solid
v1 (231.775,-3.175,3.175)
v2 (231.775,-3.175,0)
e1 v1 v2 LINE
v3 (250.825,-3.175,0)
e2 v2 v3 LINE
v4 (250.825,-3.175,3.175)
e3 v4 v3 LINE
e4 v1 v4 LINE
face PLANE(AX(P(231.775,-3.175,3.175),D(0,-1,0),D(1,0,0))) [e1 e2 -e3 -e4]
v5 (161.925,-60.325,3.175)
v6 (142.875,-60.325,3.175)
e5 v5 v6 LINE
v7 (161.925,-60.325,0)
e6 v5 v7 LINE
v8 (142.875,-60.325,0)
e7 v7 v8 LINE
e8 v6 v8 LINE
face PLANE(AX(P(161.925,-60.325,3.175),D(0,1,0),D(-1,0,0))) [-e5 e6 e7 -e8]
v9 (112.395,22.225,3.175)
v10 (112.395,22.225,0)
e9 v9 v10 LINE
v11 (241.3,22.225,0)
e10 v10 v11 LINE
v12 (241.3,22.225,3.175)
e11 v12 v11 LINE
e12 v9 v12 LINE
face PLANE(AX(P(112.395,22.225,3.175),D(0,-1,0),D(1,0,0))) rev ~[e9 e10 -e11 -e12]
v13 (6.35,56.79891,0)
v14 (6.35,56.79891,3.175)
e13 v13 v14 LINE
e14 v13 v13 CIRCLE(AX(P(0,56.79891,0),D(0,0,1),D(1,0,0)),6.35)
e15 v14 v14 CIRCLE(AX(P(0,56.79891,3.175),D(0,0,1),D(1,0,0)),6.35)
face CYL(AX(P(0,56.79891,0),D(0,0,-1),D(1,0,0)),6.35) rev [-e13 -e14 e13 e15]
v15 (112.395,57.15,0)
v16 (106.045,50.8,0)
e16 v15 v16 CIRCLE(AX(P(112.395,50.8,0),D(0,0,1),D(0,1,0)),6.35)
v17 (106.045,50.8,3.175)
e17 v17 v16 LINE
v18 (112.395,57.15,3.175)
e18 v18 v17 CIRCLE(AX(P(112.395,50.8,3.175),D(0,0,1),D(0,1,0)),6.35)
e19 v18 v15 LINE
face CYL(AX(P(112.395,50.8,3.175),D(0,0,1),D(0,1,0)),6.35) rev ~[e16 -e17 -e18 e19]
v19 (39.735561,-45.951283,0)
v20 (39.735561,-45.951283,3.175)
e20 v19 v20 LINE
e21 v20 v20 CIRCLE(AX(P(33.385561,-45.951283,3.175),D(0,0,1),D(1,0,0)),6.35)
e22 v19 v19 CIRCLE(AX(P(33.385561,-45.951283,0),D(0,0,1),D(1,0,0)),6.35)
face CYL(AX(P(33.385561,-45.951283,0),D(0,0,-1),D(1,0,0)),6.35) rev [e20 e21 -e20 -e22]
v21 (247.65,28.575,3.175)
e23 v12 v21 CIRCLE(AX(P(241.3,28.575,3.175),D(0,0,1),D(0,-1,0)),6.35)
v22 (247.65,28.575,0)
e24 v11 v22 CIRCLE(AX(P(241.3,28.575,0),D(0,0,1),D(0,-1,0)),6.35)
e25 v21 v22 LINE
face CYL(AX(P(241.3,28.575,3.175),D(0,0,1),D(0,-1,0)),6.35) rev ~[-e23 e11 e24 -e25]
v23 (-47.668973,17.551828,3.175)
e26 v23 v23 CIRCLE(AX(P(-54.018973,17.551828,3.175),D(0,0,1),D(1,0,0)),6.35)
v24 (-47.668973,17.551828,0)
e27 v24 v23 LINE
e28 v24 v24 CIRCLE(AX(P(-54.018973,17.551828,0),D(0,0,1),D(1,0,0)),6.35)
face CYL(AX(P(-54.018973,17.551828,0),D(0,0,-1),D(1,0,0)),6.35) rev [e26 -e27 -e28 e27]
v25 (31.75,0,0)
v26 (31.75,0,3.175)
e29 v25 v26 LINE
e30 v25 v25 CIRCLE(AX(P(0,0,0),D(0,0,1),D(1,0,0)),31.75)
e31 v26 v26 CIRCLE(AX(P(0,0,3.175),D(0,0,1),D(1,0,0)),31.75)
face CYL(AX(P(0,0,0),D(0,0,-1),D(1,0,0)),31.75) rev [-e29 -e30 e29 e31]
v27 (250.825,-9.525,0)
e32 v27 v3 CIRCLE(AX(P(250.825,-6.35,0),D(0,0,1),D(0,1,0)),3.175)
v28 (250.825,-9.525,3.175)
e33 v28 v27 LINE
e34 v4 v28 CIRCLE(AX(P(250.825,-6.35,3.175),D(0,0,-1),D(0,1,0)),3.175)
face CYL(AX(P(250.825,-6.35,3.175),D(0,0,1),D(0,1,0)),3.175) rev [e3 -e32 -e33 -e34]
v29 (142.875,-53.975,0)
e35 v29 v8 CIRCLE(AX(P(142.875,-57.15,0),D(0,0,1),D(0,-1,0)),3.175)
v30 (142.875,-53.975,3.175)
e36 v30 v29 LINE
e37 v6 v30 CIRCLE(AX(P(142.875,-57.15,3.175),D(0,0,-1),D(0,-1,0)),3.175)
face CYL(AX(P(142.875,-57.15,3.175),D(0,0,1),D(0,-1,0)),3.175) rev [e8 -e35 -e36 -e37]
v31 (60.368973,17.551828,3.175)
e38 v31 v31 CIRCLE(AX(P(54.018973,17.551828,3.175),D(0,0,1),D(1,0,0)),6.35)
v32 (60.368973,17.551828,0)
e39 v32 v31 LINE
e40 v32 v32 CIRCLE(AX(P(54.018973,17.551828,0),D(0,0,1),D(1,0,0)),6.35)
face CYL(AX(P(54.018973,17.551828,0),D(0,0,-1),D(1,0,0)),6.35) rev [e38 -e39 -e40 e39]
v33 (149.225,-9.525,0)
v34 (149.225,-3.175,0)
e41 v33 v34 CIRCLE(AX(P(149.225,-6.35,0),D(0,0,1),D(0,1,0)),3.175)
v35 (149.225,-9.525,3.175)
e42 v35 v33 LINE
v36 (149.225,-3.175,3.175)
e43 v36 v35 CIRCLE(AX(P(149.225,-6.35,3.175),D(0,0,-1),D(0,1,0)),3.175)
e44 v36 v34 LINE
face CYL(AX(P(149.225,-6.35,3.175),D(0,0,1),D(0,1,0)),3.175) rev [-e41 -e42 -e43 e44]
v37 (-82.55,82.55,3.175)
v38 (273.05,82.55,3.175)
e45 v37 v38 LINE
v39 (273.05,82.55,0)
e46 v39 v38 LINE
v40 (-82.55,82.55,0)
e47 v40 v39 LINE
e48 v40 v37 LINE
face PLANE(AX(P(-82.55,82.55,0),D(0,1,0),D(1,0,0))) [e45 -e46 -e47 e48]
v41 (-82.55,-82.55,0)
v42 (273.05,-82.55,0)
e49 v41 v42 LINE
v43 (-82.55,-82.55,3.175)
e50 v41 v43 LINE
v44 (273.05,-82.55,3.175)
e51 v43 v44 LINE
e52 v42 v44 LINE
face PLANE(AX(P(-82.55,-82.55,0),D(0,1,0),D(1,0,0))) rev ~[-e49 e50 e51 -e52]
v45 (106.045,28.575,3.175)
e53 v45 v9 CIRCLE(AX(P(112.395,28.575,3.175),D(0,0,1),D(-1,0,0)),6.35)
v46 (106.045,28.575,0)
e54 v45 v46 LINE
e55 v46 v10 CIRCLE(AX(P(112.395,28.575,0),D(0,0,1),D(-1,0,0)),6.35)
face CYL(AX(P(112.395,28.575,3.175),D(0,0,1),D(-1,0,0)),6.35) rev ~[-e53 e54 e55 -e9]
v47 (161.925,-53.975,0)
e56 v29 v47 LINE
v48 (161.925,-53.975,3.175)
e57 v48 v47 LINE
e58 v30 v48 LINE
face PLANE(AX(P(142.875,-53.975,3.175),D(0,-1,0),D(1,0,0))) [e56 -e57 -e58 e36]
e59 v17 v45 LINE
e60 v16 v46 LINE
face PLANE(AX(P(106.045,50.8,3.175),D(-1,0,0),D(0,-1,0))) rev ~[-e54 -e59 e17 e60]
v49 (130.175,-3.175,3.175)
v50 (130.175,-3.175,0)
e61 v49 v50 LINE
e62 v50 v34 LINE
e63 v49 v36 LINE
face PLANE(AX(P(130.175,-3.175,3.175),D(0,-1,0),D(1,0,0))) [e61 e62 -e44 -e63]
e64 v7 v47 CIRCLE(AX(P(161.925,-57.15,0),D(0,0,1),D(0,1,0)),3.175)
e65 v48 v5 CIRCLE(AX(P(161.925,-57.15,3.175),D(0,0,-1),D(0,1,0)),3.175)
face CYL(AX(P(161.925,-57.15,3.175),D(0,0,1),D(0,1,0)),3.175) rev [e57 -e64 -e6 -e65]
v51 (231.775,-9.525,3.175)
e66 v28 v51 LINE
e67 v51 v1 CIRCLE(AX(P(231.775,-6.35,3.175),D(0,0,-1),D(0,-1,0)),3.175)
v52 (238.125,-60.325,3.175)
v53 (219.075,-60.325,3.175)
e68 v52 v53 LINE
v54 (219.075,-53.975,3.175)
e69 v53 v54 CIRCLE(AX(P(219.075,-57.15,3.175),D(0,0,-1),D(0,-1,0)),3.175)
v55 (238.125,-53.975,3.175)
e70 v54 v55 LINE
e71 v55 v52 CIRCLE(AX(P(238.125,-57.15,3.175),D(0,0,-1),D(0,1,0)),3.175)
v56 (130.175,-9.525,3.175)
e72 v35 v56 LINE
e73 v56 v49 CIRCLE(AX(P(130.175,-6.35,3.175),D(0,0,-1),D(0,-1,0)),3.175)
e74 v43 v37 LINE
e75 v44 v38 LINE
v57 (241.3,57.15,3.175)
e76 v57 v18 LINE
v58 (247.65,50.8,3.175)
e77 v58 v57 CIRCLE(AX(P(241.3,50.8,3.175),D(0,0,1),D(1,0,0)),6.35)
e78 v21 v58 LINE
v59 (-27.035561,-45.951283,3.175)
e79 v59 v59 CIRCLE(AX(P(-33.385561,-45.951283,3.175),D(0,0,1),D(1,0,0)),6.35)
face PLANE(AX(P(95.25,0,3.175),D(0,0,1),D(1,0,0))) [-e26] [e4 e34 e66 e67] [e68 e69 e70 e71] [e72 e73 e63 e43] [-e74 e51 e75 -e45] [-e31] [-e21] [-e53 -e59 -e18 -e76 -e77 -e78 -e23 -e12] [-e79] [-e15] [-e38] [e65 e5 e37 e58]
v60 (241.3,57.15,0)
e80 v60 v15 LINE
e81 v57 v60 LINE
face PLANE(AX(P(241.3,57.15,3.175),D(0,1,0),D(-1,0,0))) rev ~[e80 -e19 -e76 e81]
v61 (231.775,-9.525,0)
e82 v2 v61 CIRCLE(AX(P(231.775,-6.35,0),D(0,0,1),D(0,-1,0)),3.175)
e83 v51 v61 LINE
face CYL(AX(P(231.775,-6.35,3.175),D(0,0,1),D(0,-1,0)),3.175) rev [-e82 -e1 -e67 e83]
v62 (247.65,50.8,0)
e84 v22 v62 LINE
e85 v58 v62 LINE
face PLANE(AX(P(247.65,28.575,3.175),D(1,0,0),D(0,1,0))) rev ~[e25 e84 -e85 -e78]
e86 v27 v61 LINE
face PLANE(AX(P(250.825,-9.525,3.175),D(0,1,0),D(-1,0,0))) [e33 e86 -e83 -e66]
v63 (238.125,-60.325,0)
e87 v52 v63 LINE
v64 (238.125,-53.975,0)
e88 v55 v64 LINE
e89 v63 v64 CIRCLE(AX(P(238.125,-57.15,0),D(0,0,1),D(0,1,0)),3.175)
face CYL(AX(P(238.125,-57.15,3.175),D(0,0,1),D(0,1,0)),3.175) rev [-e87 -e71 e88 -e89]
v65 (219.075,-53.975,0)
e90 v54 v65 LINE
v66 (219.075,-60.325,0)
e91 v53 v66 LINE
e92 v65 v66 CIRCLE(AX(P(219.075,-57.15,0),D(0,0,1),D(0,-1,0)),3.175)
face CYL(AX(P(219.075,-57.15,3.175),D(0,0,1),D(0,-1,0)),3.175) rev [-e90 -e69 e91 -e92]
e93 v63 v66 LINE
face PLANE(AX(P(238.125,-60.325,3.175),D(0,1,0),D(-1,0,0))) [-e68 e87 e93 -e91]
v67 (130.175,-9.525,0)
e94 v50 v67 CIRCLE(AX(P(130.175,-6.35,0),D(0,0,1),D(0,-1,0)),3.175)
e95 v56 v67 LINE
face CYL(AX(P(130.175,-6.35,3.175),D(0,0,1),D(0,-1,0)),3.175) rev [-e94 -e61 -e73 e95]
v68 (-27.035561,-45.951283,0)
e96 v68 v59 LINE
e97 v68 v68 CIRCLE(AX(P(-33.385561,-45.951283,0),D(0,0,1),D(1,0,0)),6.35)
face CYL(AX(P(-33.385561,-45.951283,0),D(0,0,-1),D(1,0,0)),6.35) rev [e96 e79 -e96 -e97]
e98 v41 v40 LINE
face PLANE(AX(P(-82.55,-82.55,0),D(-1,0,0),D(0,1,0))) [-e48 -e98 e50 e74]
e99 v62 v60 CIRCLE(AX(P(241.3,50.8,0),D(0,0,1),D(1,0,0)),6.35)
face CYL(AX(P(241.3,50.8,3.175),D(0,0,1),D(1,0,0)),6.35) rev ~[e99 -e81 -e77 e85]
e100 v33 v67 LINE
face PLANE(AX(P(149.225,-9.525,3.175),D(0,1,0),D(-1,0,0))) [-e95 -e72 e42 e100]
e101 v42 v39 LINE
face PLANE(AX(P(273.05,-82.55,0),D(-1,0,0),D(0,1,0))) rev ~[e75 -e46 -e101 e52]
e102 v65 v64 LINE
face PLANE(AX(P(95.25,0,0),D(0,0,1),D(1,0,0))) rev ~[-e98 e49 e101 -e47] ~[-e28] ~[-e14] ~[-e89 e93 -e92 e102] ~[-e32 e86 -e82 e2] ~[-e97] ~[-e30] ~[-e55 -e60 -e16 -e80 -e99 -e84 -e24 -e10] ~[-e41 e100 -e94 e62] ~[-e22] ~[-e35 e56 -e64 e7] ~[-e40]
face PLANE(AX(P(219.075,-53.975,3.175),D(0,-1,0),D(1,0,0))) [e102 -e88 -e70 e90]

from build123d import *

# Parameters (mm, degrees)
SKETCH2_W           = 355.6
SKETCH2_H           = 165.1
SKETCH2_R           = 31.75
SKETCH2_R_2         = 6.35
BOSS_EXTRUDE1_DEPTH = 3.175
CUT_EXTRUDE1_DEPTH  = 4.175
CUT_EXTRUDE3_DEPTH  = 4.175


with BuildPart() as part:
    # Sketch2 → Boss-Extrude1 (new body)
    with BuildSketch(Plane.XY):
        with Locations((95.25, 0)):
            Rectangle(SKETCH2_W, SKETCH2_H)
        Circle(SKETCH2_R, mode=Mode.SUBTRACT)
        with Locations((-54.018973032, 17.551828308)):
            Circle(SKETCH2_R_2, mode=Mode.SUBTRACT)
        with Locations((0, 56.798909535)):
            Circle(SKETCH2_R_2, mode=Mode.SUBTRACT)
        with Locations((54.018973032, 17.551828308)):
            Circle(SKETCH2_R_2, mode=Mode.SUBTRACT)
        with Locations((33.385561371, -45.951283076)):
            Circle(SKETCH2_R_2, mode=Mode.SUBTRACT)
        with Locations((-33.385561371, -45.951283076)):
            Circle(SKETCH2_R_2, mode=Mode.SUBTRACT)
    extrude(amount=BOSS_EXTRUDE1_DEPTH)

    # Sketch3 → Cut-Extrude1 (cut, through all)
    with BuildSketch(Plane.XY.offset(3.175)):
        with BuildLine():
            Line((149.225, -9.525), (130.175, -9.525))
            ThreePointArc((130.175, -9.525), (127, -6.35), (130.175, -3.175))
            Line((130.175, -3.175), (149.225, -3.175))
            ThreePointArc((149.225, -3.175), (152.4, -6.35), (149.225, -9.525))
        make_face()
        with BuildLine():
            Line((250.825, -9.525), (231.775, -9.525))
            ThreePointArc((231.775, -9.525), (228.6, -6.35), (231.775, -3.175))
            Line((231.775, -3.175), (250.825, -3.175))
            ThreePointArc((250.825, -3.175), (254, -6.35), (250.825, -9.525))
        make_face()
        with BuildLine():
            Line((238.125, -60.325), (219.075, -60.325))
            ThreePointArc((219.075, -60.325), (215.9, -57.15), (219.075, -53.975))
            Line((219.075, -53.975), (238.125, -53.975))
            ThreePointArc((238.125, -53.975), (241.3, -57.15), (238.125, -60.325))
        make_face()
        with BuildLine():
            Line((142.875, -53.975), (161.925, -53.975))
            ThreePointArc((161.925, -53.975), (165.1, -57.15), (161.925, -60.325))
            Line((161.925, -60.325), (142.875, -60.325))
            ThreePointArc((142.875, -60.325), (139.7, -57.15), (142.875, -53.975))
        make_face()
    extrude(amount=-CUT_EXTRUDE1_DEPTH, mode=Mode.SUBTRACT)

    # Sketch4 → Cut-Extrude3 (cut, through all)
    with BuildSketch(Plane.XY.offset(3.175)):
        with BuildLine():
            Line((247.65, 28.575), (247.65, 50.8))
            ThreePointArc((247.65, 50.8), (245.790128061, 55.290128061), (241.3, 57.15))
            Line((241.3, 57.15), (112.395, 57.15))
            ThreePointArc((112.395, 57.15), (107.904871939, 55.290128061), (106.045, 50.8))
            Line((106.045, 50.8), (106.045, 28.575))
            ThreePointArc((106.045, 28.575), (107.904871939, 24.084871939), (112.395, 22.225))
            Line((112.395, 22.225), (241.3, 22.225))
            ThreePointArc((241.3, 22.225), (245.790128061, 24.084871939), (247.65, 28.575))
        make_face()
    extrude(amount=-CUT_EXTRUDE3_DEPTH, mode=Mode.SUBTRACT)


solid = part.part
